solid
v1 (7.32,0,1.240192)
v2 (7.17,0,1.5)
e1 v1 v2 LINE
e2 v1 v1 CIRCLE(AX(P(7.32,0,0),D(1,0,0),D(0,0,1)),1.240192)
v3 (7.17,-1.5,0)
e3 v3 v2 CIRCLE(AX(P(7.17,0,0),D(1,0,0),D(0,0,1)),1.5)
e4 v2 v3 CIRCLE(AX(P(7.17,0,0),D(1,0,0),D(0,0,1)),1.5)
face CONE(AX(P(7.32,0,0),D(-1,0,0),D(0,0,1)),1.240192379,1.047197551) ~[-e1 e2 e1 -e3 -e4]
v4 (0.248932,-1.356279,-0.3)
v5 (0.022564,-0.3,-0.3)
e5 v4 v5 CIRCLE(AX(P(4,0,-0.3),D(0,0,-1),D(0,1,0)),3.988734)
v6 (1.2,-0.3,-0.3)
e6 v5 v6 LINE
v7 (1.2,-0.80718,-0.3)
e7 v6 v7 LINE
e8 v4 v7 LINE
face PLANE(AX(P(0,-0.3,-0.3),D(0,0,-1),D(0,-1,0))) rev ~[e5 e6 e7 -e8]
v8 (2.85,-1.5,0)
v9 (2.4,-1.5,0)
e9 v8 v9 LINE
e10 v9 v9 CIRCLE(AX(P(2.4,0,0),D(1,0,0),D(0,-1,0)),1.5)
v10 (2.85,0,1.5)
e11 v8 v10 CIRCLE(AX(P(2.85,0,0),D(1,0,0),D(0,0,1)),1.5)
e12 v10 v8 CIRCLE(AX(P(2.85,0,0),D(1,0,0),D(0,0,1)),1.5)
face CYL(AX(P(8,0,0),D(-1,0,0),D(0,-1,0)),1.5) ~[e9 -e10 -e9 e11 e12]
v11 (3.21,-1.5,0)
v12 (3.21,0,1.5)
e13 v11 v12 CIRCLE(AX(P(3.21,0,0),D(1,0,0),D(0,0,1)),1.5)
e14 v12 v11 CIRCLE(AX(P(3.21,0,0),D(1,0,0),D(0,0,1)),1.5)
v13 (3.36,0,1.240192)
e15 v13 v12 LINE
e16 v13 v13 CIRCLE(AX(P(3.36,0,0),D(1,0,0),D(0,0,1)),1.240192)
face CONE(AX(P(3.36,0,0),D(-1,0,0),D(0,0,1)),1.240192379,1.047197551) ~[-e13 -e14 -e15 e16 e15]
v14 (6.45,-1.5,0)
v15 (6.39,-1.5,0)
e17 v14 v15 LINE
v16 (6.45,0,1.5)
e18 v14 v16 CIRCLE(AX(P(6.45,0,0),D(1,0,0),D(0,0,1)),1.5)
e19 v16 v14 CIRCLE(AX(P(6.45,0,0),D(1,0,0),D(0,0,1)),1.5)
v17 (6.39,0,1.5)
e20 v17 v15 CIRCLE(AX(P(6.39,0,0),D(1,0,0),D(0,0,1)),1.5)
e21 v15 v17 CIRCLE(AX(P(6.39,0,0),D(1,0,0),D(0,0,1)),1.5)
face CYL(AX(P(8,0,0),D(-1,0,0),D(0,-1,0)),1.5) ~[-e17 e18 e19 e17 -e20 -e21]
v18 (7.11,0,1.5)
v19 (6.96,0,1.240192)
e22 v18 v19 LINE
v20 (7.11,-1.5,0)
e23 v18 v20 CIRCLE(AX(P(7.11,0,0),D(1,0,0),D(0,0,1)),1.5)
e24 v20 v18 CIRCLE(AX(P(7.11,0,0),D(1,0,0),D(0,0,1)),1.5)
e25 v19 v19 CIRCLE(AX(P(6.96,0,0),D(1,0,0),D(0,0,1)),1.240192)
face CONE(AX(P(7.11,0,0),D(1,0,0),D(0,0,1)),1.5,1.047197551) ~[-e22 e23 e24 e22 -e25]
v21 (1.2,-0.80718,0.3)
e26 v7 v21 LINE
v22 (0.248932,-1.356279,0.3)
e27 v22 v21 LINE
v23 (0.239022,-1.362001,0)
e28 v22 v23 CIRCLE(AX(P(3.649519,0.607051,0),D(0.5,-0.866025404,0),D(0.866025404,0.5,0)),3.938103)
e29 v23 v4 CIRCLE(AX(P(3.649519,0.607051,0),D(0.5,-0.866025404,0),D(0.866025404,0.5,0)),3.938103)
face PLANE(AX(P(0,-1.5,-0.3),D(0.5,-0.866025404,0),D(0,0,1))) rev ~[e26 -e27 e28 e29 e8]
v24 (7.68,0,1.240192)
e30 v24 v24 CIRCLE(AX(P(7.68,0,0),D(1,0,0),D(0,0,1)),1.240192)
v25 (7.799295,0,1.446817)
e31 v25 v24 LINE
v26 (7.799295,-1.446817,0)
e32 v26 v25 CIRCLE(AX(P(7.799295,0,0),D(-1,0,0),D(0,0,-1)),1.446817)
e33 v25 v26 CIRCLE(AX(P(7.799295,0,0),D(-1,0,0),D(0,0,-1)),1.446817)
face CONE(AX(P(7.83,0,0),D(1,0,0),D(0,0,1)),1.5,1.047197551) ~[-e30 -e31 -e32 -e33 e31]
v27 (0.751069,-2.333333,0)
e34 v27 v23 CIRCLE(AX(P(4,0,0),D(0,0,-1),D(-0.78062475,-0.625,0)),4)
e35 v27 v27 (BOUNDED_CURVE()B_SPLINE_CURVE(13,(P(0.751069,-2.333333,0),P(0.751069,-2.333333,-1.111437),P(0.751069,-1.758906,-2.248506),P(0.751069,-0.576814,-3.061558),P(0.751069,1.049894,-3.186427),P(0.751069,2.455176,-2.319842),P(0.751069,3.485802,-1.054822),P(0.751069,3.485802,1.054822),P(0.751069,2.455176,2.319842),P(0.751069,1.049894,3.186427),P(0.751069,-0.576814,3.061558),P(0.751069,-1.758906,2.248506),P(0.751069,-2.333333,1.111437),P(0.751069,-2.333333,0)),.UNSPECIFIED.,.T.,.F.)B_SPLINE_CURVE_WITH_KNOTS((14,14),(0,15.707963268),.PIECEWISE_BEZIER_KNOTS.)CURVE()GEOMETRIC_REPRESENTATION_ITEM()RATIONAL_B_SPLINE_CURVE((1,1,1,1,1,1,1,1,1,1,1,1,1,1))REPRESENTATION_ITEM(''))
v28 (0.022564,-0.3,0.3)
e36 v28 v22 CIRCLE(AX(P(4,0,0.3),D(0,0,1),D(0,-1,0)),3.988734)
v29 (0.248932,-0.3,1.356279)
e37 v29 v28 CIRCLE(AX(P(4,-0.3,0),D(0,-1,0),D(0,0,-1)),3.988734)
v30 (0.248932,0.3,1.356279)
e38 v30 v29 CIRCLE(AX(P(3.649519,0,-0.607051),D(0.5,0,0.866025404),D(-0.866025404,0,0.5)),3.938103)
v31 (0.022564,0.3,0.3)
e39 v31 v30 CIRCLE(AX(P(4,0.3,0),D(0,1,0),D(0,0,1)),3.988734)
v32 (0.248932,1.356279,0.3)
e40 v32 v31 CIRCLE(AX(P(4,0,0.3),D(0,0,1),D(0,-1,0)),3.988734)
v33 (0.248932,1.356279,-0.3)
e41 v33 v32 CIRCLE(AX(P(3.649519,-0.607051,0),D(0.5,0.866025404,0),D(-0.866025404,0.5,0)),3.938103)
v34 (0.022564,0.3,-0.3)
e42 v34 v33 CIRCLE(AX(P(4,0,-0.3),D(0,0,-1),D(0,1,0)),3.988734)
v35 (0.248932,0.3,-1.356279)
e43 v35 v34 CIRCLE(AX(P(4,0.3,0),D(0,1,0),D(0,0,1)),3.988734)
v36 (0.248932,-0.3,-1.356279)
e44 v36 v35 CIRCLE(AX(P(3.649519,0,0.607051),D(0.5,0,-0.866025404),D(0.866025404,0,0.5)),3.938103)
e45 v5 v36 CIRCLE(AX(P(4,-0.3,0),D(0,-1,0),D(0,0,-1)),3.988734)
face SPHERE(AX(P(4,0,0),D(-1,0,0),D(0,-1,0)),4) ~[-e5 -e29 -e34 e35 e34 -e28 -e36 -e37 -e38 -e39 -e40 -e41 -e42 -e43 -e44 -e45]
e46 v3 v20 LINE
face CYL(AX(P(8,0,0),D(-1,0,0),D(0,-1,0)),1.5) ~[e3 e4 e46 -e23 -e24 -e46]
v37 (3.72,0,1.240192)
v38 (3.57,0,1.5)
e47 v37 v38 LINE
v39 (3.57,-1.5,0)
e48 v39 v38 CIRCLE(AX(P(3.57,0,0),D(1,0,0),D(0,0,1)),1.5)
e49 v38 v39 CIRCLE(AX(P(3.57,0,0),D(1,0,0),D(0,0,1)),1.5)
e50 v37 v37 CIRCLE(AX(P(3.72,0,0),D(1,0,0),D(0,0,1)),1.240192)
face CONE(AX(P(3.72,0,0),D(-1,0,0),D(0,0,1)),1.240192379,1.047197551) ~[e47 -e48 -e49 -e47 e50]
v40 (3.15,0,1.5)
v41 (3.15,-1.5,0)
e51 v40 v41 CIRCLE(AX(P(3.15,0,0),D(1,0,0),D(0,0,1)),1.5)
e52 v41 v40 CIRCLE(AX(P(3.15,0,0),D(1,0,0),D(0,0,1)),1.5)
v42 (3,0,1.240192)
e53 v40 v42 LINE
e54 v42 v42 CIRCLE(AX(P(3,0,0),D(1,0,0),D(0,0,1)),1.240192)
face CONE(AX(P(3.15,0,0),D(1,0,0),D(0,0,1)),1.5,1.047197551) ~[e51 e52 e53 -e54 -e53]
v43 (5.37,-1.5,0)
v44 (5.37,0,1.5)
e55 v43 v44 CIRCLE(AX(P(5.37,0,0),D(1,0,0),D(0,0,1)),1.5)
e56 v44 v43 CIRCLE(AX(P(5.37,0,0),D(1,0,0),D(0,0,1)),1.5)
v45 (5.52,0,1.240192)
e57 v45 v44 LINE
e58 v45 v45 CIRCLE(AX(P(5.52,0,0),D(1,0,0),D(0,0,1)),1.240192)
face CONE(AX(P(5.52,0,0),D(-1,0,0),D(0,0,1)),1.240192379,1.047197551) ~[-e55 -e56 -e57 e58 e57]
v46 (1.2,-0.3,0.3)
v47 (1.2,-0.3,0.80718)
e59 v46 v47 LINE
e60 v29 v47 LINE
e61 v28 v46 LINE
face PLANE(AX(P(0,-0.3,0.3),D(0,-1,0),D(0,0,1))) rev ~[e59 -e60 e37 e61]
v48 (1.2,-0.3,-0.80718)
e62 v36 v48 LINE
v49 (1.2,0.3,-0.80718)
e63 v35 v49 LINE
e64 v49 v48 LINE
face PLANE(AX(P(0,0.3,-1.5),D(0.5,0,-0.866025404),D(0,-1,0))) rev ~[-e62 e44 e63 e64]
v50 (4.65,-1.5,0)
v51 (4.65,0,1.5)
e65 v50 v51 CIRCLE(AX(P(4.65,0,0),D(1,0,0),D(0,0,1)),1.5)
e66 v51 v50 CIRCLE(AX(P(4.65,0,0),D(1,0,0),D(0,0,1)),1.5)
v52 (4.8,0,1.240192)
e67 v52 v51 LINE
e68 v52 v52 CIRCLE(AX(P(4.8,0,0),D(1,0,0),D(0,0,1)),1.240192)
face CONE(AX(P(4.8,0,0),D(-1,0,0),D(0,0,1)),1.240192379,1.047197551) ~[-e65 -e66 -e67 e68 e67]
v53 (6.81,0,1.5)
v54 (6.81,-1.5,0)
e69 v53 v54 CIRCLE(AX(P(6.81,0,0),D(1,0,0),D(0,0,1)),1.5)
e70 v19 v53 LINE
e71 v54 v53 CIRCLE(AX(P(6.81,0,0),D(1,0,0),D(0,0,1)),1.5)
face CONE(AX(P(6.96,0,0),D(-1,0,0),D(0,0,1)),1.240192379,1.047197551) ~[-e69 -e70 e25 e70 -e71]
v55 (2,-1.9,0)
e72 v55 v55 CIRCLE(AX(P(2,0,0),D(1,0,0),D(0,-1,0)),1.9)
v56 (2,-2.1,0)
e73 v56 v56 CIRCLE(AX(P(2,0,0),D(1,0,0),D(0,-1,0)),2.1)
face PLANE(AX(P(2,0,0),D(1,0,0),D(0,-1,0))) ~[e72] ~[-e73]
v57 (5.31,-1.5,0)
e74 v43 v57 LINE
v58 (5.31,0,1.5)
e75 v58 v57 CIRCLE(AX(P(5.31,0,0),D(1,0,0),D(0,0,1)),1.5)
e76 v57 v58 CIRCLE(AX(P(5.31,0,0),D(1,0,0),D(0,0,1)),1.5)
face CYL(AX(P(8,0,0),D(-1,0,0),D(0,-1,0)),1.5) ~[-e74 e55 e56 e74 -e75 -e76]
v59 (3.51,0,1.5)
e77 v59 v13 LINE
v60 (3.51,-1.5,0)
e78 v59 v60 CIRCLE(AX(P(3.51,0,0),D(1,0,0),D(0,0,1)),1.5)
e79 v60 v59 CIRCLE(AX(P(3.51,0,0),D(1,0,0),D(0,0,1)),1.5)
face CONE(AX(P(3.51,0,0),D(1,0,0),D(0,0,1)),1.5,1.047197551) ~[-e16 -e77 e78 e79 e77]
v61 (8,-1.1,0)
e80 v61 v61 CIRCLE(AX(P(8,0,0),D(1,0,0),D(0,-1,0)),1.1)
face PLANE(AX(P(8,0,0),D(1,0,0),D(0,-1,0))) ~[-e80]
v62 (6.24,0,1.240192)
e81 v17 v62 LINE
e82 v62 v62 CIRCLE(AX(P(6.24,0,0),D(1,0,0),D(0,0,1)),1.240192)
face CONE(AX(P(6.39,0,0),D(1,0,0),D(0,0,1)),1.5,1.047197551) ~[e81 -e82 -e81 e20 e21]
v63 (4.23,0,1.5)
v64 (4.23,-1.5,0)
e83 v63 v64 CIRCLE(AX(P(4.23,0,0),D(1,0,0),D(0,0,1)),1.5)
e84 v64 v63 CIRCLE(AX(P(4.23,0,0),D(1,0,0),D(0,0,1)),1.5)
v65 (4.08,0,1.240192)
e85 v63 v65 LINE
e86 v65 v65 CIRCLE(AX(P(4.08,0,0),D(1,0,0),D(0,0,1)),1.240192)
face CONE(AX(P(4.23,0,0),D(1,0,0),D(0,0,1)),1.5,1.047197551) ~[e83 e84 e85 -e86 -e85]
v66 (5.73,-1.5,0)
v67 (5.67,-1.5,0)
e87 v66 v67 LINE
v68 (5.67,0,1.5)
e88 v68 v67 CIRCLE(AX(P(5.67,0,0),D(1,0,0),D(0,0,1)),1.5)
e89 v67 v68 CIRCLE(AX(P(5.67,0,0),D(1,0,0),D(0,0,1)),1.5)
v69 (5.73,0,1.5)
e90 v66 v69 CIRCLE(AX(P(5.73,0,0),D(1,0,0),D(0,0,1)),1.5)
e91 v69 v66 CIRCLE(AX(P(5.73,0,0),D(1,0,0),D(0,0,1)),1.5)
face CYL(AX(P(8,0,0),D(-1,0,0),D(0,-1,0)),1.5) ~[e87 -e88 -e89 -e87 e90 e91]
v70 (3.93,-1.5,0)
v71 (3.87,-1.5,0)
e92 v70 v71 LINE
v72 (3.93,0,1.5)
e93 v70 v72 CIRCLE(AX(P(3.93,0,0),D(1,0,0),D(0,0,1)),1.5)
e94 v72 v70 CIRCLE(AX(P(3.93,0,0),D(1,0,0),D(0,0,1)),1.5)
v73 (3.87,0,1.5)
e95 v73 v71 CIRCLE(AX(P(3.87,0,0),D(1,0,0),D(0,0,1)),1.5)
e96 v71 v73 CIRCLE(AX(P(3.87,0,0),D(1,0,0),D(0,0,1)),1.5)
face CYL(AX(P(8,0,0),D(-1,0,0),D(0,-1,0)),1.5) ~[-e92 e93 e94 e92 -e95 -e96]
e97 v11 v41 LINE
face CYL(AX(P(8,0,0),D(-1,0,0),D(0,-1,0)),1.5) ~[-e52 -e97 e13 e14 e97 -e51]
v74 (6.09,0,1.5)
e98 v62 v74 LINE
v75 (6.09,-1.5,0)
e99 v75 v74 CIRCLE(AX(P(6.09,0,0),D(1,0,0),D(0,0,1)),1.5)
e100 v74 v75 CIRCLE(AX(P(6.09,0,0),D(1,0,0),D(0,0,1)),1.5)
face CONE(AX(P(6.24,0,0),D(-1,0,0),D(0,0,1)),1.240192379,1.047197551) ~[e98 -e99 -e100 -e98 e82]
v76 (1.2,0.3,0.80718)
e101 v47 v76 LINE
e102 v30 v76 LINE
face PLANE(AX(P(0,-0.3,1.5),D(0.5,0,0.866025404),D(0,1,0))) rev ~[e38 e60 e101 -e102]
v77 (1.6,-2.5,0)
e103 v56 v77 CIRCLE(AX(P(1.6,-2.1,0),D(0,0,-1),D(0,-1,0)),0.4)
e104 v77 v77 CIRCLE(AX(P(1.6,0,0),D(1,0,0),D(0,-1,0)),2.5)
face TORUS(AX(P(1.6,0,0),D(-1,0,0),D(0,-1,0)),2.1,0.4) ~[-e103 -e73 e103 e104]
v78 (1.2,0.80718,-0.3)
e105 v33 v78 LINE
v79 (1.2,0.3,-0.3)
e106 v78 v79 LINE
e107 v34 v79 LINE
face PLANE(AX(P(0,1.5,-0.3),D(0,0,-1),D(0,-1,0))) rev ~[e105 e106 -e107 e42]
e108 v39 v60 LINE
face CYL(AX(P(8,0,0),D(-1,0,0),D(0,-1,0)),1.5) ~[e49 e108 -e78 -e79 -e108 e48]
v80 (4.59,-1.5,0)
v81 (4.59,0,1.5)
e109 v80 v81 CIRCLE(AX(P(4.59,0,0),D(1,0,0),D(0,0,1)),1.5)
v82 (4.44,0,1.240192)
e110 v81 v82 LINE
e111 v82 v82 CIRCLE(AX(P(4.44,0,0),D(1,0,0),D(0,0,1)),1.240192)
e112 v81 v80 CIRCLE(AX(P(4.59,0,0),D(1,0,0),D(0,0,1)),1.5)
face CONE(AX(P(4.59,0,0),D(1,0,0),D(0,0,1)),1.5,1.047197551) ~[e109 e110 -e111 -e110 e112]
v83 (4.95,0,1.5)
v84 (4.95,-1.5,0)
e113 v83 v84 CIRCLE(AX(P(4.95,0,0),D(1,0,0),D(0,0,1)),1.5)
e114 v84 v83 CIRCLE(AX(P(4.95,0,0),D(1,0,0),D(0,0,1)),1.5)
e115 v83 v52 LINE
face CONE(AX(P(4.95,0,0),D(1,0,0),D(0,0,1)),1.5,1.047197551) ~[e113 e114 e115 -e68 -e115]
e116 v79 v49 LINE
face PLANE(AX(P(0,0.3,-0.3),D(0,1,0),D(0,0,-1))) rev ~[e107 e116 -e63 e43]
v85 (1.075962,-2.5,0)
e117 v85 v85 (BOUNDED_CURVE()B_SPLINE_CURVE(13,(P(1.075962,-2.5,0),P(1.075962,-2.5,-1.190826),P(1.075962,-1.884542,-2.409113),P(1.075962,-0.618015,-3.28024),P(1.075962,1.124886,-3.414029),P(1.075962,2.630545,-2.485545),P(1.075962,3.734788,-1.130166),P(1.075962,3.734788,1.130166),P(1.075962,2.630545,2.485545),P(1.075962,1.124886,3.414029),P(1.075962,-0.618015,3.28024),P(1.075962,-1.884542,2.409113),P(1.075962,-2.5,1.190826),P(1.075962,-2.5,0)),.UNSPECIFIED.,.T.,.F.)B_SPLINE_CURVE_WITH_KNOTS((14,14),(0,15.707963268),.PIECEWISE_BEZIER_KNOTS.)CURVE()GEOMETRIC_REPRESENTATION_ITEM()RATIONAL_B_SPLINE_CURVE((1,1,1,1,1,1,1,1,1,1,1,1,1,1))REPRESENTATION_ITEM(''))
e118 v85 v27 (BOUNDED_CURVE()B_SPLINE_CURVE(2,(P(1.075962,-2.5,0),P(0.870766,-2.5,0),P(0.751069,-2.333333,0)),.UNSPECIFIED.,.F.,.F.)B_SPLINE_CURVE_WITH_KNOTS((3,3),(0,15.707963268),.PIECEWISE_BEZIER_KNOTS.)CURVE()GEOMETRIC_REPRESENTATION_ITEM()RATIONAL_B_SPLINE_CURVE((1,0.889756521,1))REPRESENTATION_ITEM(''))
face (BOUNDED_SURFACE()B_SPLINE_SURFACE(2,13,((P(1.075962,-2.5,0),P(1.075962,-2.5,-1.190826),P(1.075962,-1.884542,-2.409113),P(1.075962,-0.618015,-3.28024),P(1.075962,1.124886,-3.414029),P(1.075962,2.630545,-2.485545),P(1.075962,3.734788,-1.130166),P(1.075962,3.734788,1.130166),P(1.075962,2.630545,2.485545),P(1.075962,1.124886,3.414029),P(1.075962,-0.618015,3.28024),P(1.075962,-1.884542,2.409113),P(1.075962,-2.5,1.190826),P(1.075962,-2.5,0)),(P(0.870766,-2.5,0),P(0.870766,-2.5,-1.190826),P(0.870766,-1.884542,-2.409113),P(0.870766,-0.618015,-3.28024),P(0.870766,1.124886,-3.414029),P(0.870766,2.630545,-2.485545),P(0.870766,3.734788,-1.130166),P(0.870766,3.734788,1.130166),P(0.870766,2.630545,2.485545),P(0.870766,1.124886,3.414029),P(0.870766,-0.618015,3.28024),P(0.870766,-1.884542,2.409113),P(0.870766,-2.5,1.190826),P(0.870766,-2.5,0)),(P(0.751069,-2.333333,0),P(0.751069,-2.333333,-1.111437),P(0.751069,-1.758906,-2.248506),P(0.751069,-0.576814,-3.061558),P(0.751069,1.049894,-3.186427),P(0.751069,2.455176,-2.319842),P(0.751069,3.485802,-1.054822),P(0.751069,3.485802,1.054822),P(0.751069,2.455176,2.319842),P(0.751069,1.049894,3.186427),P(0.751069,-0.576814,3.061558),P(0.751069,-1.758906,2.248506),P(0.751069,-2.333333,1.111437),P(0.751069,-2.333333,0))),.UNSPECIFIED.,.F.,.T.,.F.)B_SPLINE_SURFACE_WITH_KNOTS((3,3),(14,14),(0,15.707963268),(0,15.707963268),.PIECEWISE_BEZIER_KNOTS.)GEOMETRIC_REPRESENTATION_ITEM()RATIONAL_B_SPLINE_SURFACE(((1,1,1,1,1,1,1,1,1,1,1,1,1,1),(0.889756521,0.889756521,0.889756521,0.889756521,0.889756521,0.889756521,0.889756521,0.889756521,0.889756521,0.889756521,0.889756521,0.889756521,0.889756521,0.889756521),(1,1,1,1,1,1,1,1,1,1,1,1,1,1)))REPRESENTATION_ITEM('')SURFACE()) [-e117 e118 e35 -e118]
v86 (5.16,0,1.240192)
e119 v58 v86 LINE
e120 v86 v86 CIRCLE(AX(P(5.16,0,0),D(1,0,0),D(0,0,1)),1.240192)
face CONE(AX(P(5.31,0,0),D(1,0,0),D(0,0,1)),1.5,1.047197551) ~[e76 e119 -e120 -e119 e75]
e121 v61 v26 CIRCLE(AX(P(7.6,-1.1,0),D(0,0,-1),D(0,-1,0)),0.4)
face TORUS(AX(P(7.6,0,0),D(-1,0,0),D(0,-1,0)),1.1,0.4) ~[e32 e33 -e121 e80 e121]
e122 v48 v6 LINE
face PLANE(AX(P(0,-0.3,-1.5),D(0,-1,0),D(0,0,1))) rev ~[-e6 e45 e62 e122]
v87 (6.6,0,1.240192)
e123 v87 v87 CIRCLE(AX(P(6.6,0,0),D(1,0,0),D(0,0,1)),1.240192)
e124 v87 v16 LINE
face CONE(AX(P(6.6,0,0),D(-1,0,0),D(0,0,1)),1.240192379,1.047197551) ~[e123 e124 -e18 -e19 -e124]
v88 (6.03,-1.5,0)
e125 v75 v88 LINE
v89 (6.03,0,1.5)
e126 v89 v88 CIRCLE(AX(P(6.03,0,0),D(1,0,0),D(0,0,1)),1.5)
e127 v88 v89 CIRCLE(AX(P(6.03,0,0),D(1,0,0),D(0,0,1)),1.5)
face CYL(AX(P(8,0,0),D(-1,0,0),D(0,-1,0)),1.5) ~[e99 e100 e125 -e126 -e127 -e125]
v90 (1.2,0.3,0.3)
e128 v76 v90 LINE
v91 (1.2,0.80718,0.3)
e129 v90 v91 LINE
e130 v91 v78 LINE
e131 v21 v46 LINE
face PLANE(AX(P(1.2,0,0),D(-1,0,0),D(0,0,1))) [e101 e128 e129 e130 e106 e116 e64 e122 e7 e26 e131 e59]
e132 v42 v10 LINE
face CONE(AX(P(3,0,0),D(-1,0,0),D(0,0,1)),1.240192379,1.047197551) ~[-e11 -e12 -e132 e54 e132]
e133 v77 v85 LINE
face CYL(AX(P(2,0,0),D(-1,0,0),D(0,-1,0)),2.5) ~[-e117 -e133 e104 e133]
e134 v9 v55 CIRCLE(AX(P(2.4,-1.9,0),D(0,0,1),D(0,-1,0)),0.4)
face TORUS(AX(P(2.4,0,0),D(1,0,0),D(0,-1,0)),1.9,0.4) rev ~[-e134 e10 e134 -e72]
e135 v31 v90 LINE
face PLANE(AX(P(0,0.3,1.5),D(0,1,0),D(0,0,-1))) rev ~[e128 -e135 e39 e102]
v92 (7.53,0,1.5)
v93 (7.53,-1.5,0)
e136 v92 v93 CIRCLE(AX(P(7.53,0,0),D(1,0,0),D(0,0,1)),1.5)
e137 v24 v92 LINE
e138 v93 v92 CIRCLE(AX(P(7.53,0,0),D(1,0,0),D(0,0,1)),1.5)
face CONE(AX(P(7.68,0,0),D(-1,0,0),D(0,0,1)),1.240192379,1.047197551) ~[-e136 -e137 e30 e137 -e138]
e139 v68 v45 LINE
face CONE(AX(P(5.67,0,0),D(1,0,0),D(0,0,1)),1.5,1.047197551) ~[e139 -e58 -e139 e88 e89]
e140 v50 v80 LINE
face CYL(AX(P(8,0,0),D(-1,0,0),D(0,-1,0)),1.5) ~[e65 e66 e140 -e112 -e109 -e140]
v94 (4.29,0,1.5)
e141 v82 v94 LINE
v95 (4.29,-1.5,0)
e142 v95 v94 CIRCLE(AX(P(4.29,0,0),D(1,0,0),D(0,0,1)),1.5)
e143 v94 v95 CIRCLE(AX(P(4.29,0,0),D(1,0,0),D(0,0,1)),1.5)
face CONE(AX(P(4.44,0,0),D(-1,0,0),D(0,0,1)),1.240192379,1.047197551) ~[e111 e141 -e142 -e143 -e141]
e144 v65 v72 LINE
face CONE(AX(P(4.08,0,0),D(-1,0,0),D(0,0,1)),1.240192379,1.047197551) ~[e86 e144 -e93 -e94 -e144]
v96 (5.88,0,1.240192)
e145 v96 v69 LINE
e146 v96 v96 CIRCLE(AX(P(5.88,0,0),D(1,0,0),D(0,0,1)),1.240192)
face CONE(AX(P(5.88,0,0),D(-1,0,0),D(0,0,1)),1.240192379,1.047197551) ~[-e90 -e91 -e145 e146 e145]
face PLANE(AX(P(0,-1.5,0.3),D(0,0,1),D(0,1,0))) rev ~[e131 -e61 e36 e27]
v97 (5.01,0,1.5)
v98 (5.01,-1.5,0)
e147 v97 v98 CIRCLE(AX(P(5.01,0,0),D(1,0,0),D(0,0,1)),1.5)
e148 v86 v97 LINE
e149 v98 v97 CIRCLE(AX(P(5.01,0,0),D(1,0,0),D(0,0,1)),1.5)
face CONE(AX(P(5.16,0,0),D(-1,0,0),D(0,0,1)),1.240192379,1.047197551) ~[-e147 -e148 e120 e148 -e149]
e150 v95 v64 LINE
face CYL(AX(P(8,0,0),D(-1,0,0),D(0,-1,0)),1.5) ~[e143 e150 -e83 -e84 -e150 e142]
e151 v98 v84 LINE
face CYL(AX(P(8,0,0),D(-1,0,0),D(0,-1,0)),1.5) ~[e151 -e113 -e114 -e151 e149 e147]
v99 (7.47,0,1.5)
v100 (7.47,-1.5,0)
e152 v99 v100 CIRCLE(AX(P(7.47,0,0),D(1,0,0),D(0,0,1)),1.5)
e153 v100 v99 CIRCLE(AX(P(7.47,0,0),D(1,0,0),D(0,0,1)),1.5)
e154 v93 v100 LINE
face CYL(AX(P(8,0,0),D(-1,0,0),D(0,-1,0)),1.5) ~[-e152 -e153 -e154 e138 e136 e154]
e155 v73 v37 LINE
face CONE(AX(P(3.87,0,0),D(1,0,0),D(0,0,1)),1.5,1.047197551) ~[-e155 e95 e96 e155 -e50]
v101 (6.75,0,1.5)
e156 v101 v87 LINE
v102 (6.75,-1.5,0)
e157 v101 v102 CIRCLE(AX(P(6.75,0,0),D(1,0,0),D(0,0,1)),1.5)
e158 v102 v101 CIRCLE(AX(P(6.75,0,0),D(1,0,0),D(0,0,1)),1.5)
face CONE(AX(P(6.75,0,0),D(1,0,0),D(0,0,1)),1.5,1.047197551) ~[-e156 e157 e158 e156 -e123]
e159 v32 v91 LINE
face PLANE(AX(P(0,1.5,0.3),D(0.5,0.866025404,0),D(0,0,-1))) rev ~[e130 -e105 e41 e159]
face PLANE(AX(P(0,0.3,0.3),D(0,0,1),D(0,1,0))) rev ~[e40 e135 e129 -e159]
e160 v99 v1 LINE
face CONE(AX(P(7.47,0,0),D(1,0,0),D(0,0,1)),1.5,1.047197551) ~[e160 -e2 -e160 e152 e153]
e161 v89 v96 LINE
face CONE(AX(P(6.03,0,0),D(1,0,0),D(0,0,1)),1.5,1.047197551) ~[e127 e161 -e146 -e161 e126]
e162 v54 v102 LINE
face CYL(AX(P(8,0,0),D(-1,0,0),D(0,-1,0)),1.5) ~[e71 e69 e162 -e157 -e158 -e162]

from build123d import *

# Parameters (mm, degrees)
CUT_EXTRUDE1_DEPTH = 1.2
FILLET1_R          = 0.4
DRAFT1_ANGLE       = -30
LPATTERN10_COUNT   = 14
LPATTERN10_PITCH   = 0.36


with BuildPart() as part:
    # Sketch1 → Base (revolve)
    with BuildSketch(Plane.XY, mode=Mode.PRIVATE) as base_sk:
        with BuildLine():
            Line((8, 0), (8, 1.5))
            Line((8, 1.5), (2, 1.5))
            Line((2, 1.5), (2, 2.5))
            Line((2, 2.5), (0.877501001, 2.5))
            ThreePointArc((0.877501001, 2.5), (0.225745372, 1.324764885), (0, 0))
            Line((0, 0), (8, 0))
        make_face()
    revolve(base_sk.sketch.rotate(Axis((-8.635649275, 0, 0), (1, 0, 0)), 180), axis=Axis((-8.635649275, 0, 0), (1, 0, 0)))

    # Sketch2 → Cut-Extrude1 (cut)
    with BuildSketch(Plane(origin=(0, 0, 0), x_dir=(0, 0, -1), z_dir=(1, 0, 0))):
        Polygon((-0.3, 1.5), (0.3, 1.5), (0.3, 0.3), (1.5, 0.3), (1.5, -0.3), (0.3, -0.3), (0.3, -1.5), (-0.3, -1.5), (-0.3, -0.3), (-1.5, -0.3), (-1.5, 0.3), (-0.3, 0.3), align=None)
    extrude(amount=CUT_EXTRUDE1_DEPTH, mode=Mode.SUBTRACT)

    # Fillet1
    fillet1_edges = [part.edges().sort_by_distance(p)[0] for p in [
        (0.877501001, 2.5, 0),
        (2, 2.5, 0),
        (2, 1.5, 0),
        (8, 1.5, 0),
    ]]
    fillet(fillet1_edges, radius=FILLET1_R)

    # Draft1
    draft1_faces = [part.faces().sort_by_distance(p)[0] for p in [
        (0.747967708, 1.5, 0),
        (0.747967708, 0, 1.5),
        (0.747967708, -1.5, 0),
        (0.747967708, 0, -1.5),
    ]]
    draft(draft1_faces, Plane(origin=(0, 0, 0), x_dir=(0, 0, 1), z_dir=(1, 0, 0)), DRAFT1_ANGLE)

    # Sketch3 → Cut-Revolve10 (revolve, cut)
    with BuildSketch(Plane.XY, mode=Mode.PRIVATE) as cut_revolve10_sk:
        Polygon((2.85, 1.8), (3.15, 1.8), (3.15, 1.5), (3, 1.240192379), (2.85, 1.5), align=None)
    cut_revolve10 = revolve(cut_revolve10_sk.sketch.rotate(Axis((0, 0, 0), (1, 0, 0)), 90), axis=Axis((0, 0, 0), (1, 0, 0)), mode=Mode.SUBTRACT)

    # LPattern10: Cut-Revolve10 ×14
    with Locations(*[(i * LPATTERN10_PITCH, 0, 0) for i in range(1, LPATTERN10_COUNT)]):
        add(cut_revolve10, mode=Mode.SUBTRACT)


solid = part.part
